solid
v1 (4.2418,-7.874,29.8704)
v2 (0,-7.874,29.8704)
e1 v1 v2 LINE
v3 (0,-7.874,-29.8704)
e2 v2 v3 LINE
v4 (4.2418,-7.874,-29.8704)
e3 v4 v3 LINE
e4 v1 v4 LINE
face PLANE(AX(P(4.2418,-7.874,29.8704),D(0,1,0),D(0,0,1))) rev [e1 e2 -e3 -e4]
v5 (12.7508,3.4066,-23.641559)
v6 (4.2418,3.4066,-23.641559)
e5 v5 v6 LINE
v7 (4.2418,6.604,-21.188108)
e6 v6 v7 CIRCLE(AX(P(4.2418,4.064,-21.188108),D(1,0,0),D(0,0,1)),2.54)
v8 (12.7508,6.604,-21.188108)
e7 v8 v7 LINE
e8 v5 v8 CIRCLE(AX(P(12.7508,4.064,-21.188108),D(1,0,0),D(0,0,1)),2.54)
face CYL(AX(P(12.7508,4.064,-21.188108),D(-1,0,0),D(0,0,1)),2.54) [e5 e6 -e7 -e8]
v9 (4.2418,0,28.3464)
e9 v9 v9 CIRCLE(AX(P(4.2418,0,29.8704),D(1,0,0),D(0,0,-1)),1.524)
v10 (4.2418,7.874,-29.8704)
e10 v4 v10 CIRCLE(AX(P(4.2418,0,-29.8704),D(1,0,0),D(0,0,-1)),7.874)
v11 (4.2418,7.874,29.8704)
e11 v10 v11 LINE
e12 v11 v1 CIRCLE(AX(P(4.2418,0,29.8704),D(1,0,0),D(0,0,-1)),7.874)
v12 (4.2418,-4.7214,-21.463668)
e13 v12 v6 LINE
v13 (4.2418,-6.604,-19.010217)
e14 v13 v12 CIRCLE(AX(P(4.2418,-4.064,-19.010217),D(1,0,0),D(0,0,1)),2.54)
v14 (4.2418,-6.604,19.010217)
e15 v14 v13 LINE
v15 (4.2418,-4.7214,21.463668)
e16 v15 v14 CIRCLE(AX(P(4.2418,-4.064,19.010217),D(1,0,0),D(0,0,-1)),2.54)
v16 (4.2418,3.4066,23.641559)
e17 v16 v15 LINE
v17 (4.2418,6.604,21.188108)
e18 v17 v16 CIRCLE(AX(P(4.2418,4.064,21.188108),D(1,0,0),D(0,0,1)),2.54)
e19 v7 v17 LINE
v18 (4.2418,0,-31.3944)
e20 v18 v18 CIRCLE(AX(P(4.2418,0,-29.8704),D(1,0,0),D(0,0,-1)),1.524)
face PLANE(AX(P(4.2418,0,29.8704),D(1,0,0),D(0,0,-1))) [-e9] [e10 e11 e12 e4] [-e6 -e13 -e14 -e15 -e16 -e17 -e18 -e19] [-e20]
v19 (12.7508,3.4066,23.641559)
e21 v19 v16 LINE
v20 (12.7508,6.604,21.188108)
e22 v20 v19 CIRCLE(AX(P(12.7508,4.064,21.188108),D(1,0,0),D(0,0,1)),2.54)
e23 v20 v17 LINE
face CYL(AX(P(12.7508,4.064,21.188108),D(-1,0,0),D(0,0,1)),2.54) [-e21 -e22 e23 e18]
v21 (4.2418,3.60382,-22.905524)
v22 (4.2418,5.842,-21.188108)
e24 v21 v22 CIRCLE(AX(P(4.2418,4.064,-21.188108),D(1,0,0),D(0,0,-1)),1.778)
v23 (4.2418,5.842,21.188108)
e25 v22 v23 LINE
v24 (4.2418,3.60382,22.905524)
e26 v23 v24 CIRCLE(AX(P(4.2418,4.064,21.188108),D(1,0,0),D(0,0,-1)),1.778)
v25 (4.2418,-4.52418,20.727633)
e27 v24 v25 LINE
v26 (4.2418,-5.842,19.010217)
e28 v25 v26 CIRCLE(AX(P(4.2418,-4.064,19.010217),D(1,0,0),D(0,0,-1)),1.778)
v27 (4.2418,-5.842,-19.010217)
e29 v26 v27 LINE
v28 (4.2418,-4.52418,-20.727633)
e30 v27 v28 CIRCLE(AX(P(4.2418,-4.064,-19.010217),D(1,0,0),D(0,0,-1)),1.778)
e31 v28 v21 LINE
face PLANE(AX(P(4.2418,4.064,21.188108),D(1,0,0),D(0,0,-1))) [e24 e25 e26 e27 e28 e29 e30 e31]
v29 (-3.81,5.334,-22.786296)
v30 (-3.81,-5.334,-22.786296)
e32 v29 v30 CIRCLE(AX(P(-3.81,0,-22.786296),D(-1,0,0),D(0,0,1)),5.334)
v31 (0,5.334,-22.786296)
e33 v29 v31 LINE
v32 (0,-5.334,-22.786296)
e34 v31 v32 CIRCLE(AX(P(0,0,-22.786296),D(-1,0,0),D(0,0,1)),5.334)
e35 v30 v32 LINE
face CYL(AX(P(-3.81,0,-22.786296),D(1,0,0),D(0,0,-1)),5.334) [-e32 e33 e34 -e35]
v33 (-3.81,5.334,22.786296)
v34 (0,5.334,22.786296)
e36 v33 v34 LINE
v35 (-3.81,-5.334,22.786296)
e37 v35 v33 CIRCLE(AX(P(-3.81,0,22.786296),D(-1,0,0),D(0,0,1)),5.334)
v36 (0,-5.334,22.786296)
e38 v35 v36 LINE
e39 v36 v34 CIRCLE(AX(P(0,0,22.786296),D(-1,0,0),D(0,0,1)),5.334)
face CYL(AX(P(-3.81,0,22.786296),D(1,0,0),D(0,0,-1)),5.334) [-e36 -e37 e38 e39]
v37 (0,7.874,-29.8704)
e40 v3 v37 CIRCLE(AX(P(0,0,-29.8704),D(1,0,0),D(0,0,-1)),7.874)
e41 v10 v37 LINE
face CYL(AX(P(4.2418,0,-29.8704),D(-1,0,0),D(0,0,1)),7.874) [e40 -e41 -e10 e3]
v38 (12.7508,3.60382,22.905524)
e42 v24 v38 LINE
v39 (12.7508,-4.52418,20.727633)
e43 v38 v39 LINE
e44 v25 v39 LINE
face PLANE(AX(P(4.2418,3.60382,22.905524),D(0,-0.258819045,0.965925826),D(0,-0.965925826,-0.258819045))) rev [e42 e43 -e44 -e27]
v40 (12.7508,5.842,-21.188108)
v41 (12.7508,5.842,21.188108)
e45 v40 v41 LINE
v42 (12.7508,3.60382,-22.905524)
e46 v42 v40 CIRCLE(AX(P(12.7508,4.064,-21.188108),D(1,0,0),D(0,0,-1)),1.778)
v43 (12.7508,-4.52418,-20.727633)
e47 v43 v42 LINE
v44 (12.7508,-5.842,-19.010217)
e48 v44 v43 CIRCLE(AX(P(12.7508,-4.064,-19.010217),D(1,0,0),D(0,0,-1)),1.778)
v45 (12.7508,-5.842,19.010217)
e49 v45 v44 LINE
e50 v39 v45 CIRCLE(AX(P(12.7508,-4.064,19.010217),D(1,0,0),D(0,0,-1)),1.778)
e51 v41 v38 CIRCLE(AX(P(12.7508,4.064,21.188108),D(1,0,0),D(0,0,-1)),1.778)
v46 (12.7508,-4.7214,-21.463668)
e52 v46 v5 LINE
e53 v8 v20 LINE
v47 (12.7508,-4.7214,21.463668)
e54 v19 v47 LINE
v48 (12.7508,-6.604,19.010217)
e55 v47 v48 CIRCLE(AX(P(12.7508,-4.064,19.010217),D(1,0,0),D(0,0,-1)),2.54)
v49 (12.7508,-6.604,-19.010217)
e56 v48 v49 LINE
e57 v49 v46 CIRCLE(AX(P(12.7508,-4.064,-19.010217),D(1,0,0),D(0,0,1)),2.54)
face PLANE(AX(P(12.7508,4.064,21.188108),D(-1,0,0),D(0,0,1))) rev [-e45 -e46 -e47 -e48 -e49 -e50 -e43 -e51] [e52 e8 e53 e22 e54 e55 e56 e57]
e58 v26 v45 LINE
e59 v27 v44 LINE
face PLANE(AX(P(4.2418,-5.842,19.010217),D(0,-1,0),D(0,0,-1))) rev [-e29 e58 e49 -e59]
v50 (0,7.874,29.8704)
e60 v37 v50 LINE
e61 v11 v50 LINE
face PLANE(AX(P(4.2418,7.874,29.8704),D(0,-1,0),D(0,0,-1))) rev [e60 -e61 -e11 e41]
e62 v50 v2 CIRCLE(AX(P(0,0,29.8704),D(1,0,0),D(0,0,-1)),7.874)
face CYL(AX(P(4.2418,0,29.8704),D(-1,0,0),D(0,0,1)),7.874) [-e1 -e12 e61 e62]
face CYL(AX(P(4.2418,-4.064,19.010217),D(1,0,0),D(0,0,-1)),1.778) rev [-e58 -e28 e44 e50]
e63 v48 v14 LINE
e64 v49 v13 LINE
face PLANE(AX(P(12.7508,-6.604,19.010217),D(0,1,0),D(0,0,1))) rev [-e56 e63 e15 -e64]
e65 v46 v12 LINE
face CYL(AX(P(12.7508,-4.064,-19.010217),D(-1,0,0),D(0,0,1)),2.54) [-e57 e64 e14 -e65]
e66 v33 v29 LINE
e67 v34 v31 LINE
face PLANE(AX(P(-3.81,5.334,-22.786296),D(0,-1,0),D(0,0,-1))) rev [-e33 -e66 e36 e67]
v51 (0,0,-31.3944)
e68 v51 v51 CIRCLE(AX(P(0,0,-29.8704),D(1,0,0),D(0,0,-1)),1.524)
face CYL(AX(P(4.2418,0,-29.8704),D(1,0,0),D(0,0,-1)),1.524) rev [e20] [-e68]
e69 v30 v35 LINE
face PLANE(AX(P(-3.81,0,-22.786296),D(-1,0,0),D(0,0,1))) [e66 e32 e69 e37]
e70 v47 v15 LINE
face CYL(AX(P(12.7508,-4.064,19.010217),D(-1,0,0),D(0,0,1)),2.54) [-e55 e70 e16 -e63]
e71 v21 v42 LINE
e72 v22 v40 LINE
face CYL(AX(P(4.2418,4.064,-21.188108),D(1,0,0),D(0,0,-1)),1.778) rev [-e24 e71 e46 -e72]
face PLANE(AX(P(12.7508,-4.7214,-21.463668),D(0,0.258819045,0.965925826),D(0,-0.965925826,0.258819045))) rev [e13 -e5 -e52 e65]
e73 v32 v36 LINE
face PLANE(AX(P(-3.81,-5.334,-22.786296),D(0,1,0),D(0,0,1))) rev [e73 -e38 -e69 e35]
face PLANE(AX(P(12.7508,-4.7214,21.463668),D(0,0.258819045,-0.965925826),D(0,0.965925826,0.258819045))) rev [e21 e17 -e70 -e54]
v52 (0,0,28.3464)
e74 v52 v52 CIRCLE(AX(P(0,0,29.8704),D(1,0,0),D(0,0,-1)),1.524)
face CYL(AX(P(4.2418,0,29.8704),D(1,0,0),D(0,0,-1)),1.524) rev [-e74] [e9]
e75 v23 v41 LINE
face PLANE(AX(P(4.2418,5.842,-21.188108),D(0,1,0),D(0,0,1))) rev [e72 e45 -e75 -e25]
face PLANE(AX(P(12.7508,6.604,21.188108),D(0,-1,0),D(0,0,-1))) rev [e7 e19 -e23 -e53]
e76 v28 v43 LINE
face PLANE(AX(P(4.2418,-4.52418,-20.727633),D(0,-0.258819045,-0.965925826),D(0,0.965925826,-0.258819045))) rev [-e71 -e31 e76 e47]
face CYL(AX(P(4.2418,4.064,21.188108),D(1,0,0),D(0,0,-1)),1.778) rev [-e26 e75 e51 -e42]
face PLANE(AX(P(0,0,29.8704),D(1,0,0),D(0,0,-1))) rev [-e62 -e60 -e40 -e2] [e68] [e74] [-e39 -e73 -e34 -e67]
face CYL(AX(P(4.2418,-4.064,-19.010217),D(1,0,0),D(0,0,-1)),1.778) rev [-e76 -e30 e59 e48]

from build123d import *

# Parameters (mm, degrees)
BOSS_EXTRUDE1_DEPTH      = 4.2418
BOSS_EXTRUDE2_DEPTH      = 8.509
CUT_EXTRUDE1_DEPTH       = 8.509
X_0_397_DIAMETER_HOLE1_D = 3.048
BOSS_EXTRUDE3_DEPTH      = 3.81


with BuildPart() as part:
    # Sketch1 → Boss-Extrude1 (new body)
    with BuildSketch(Plane(origin=(0, 0, 0), x_dir=(0, 0, -1), z_dir=(1, 0, 0))):
        with BuildLine():
            Line((-29.8704, 7.874), (29.8704, 7.874))
            ThreePointArc((29.8704, 7.874), (37.7444, 0), (29.8704, -7.874))
            Line((29.8704, -7.874), (-29.8704, -7.874))
            ThreePointArc((-29.8704, -7.874), (-37.7444, 0), (-29.8704, 7.874))
        make_face()
    extrude(amount=BOSS_EXTRUDE1_DEPTH)

    # Sketch2 → Boss-Extrude2 (add)
    with BuildSketch(Plane(origin=(4.2418, 0, 0), x_dir=(0, 0, -1), z_dir=(1, 0, 0))):
        with BuildLine():
            Line((-21.188107553, 6.604), (21.188107553, 6.604))
            ThreePointArc((21.188107553, 6.604), (23.203225037, 5.61025403), (23.641559152, 3.406599625))
            Line((23.641559152, 3.406599625), (21.463668116, -4.721400375))
            ThreePointArc((21.463668116, -4.721400375), (20.556470547, -6.079117484), (19.010216517, -6.604))
            Line((19.010216517, -6.604), (-19.010216517, -6.604))
            ThreePointArc((-19.010216517, -6.604), (-20.556470547, -6.079117484), (-21.463668116, -4.721400375))
            Line((-21.463668116, -4.721400375), (-23.641559152, 3.406599625))
            ThreePointArc((-23.641559152, 3.406599625), (-23.203225037, 5.61025403), (-21.188107553, 6.604))
        make_face()
    extrude(amount=BOSS_EXTRUDE2_DEPTH)

    # Sketch3 → Cut-Extrude1 (cut)
    with BuildSketch(Plane(origin=(12.7508, 0, 0), x_dir=(0, 0, -1), z_dir=(1, 0, 0))):
        with BuildLine():
            Line((-22.905523672, 3.603819738), (-20.727632636, -4.524180262))
            ThreePointArc((-20.727632636, -4.524180262), (-20.092594338, -5.474582239), (-19.010216517, -5.842))
            Line((-19.010216517, -5.842), (19.010216517, -5.842))
            ThreePointArc((19.010216517, -5.842), (20.092594338, -5.474582239), (20.727632636, -4.524180262))
            Line((20.727632636, -4.524180262), (22.905523672, 3.603819738))
            ThreePointArc((22.905523672, 3.603819738), (22.598689792, 5.146377821), (21.188107553, 5.842))
            Line((21.188107553, 5.842), (-21.188107553, 5.842))
            ThreePointArc((-21.188107553, 5.842), (-22.598689792, 5.146377821), (-22.905523672, 3.603819738))
        make_face()
    extrude(amount=-CUT_EXTRUDE1_DEPTH, mode=Mode.SUBTRACT)

    # X (0.397) Diameter Hole1 (through all)
    with Locations(Plane(origin=(4.2418, 0, 0), x_dir=(0, 0, -1), z_dir=(1, 0, 0))):
        with Locations((-29.8704, 0), (29.8704, 0)):
            Hole(X_0_397_DIAMETER_HOLE1_D / 2)

    # Sketch7 → Boss-Extrude3 (add)
    with BuildSketch(Plane.ZY):
        with BuildLine():
            Line((-22.786295813, 5.334), (22.786295813, 5.334))
            ThreePointArc((22.786295813, 5.334), (28.120295813, 0), (22.786295813, -5.334))
            Line((22.786295813, -5.334), (-22.786295813, -5.334))
            ThreePointArc((-22.786295813, -5.334), (-28.120295813, 0), (-22.786295813, 5.334))
        make_face()
    extrude(amount=BOSS_EXTRUDE3_DEPTH)


solid = part.part
